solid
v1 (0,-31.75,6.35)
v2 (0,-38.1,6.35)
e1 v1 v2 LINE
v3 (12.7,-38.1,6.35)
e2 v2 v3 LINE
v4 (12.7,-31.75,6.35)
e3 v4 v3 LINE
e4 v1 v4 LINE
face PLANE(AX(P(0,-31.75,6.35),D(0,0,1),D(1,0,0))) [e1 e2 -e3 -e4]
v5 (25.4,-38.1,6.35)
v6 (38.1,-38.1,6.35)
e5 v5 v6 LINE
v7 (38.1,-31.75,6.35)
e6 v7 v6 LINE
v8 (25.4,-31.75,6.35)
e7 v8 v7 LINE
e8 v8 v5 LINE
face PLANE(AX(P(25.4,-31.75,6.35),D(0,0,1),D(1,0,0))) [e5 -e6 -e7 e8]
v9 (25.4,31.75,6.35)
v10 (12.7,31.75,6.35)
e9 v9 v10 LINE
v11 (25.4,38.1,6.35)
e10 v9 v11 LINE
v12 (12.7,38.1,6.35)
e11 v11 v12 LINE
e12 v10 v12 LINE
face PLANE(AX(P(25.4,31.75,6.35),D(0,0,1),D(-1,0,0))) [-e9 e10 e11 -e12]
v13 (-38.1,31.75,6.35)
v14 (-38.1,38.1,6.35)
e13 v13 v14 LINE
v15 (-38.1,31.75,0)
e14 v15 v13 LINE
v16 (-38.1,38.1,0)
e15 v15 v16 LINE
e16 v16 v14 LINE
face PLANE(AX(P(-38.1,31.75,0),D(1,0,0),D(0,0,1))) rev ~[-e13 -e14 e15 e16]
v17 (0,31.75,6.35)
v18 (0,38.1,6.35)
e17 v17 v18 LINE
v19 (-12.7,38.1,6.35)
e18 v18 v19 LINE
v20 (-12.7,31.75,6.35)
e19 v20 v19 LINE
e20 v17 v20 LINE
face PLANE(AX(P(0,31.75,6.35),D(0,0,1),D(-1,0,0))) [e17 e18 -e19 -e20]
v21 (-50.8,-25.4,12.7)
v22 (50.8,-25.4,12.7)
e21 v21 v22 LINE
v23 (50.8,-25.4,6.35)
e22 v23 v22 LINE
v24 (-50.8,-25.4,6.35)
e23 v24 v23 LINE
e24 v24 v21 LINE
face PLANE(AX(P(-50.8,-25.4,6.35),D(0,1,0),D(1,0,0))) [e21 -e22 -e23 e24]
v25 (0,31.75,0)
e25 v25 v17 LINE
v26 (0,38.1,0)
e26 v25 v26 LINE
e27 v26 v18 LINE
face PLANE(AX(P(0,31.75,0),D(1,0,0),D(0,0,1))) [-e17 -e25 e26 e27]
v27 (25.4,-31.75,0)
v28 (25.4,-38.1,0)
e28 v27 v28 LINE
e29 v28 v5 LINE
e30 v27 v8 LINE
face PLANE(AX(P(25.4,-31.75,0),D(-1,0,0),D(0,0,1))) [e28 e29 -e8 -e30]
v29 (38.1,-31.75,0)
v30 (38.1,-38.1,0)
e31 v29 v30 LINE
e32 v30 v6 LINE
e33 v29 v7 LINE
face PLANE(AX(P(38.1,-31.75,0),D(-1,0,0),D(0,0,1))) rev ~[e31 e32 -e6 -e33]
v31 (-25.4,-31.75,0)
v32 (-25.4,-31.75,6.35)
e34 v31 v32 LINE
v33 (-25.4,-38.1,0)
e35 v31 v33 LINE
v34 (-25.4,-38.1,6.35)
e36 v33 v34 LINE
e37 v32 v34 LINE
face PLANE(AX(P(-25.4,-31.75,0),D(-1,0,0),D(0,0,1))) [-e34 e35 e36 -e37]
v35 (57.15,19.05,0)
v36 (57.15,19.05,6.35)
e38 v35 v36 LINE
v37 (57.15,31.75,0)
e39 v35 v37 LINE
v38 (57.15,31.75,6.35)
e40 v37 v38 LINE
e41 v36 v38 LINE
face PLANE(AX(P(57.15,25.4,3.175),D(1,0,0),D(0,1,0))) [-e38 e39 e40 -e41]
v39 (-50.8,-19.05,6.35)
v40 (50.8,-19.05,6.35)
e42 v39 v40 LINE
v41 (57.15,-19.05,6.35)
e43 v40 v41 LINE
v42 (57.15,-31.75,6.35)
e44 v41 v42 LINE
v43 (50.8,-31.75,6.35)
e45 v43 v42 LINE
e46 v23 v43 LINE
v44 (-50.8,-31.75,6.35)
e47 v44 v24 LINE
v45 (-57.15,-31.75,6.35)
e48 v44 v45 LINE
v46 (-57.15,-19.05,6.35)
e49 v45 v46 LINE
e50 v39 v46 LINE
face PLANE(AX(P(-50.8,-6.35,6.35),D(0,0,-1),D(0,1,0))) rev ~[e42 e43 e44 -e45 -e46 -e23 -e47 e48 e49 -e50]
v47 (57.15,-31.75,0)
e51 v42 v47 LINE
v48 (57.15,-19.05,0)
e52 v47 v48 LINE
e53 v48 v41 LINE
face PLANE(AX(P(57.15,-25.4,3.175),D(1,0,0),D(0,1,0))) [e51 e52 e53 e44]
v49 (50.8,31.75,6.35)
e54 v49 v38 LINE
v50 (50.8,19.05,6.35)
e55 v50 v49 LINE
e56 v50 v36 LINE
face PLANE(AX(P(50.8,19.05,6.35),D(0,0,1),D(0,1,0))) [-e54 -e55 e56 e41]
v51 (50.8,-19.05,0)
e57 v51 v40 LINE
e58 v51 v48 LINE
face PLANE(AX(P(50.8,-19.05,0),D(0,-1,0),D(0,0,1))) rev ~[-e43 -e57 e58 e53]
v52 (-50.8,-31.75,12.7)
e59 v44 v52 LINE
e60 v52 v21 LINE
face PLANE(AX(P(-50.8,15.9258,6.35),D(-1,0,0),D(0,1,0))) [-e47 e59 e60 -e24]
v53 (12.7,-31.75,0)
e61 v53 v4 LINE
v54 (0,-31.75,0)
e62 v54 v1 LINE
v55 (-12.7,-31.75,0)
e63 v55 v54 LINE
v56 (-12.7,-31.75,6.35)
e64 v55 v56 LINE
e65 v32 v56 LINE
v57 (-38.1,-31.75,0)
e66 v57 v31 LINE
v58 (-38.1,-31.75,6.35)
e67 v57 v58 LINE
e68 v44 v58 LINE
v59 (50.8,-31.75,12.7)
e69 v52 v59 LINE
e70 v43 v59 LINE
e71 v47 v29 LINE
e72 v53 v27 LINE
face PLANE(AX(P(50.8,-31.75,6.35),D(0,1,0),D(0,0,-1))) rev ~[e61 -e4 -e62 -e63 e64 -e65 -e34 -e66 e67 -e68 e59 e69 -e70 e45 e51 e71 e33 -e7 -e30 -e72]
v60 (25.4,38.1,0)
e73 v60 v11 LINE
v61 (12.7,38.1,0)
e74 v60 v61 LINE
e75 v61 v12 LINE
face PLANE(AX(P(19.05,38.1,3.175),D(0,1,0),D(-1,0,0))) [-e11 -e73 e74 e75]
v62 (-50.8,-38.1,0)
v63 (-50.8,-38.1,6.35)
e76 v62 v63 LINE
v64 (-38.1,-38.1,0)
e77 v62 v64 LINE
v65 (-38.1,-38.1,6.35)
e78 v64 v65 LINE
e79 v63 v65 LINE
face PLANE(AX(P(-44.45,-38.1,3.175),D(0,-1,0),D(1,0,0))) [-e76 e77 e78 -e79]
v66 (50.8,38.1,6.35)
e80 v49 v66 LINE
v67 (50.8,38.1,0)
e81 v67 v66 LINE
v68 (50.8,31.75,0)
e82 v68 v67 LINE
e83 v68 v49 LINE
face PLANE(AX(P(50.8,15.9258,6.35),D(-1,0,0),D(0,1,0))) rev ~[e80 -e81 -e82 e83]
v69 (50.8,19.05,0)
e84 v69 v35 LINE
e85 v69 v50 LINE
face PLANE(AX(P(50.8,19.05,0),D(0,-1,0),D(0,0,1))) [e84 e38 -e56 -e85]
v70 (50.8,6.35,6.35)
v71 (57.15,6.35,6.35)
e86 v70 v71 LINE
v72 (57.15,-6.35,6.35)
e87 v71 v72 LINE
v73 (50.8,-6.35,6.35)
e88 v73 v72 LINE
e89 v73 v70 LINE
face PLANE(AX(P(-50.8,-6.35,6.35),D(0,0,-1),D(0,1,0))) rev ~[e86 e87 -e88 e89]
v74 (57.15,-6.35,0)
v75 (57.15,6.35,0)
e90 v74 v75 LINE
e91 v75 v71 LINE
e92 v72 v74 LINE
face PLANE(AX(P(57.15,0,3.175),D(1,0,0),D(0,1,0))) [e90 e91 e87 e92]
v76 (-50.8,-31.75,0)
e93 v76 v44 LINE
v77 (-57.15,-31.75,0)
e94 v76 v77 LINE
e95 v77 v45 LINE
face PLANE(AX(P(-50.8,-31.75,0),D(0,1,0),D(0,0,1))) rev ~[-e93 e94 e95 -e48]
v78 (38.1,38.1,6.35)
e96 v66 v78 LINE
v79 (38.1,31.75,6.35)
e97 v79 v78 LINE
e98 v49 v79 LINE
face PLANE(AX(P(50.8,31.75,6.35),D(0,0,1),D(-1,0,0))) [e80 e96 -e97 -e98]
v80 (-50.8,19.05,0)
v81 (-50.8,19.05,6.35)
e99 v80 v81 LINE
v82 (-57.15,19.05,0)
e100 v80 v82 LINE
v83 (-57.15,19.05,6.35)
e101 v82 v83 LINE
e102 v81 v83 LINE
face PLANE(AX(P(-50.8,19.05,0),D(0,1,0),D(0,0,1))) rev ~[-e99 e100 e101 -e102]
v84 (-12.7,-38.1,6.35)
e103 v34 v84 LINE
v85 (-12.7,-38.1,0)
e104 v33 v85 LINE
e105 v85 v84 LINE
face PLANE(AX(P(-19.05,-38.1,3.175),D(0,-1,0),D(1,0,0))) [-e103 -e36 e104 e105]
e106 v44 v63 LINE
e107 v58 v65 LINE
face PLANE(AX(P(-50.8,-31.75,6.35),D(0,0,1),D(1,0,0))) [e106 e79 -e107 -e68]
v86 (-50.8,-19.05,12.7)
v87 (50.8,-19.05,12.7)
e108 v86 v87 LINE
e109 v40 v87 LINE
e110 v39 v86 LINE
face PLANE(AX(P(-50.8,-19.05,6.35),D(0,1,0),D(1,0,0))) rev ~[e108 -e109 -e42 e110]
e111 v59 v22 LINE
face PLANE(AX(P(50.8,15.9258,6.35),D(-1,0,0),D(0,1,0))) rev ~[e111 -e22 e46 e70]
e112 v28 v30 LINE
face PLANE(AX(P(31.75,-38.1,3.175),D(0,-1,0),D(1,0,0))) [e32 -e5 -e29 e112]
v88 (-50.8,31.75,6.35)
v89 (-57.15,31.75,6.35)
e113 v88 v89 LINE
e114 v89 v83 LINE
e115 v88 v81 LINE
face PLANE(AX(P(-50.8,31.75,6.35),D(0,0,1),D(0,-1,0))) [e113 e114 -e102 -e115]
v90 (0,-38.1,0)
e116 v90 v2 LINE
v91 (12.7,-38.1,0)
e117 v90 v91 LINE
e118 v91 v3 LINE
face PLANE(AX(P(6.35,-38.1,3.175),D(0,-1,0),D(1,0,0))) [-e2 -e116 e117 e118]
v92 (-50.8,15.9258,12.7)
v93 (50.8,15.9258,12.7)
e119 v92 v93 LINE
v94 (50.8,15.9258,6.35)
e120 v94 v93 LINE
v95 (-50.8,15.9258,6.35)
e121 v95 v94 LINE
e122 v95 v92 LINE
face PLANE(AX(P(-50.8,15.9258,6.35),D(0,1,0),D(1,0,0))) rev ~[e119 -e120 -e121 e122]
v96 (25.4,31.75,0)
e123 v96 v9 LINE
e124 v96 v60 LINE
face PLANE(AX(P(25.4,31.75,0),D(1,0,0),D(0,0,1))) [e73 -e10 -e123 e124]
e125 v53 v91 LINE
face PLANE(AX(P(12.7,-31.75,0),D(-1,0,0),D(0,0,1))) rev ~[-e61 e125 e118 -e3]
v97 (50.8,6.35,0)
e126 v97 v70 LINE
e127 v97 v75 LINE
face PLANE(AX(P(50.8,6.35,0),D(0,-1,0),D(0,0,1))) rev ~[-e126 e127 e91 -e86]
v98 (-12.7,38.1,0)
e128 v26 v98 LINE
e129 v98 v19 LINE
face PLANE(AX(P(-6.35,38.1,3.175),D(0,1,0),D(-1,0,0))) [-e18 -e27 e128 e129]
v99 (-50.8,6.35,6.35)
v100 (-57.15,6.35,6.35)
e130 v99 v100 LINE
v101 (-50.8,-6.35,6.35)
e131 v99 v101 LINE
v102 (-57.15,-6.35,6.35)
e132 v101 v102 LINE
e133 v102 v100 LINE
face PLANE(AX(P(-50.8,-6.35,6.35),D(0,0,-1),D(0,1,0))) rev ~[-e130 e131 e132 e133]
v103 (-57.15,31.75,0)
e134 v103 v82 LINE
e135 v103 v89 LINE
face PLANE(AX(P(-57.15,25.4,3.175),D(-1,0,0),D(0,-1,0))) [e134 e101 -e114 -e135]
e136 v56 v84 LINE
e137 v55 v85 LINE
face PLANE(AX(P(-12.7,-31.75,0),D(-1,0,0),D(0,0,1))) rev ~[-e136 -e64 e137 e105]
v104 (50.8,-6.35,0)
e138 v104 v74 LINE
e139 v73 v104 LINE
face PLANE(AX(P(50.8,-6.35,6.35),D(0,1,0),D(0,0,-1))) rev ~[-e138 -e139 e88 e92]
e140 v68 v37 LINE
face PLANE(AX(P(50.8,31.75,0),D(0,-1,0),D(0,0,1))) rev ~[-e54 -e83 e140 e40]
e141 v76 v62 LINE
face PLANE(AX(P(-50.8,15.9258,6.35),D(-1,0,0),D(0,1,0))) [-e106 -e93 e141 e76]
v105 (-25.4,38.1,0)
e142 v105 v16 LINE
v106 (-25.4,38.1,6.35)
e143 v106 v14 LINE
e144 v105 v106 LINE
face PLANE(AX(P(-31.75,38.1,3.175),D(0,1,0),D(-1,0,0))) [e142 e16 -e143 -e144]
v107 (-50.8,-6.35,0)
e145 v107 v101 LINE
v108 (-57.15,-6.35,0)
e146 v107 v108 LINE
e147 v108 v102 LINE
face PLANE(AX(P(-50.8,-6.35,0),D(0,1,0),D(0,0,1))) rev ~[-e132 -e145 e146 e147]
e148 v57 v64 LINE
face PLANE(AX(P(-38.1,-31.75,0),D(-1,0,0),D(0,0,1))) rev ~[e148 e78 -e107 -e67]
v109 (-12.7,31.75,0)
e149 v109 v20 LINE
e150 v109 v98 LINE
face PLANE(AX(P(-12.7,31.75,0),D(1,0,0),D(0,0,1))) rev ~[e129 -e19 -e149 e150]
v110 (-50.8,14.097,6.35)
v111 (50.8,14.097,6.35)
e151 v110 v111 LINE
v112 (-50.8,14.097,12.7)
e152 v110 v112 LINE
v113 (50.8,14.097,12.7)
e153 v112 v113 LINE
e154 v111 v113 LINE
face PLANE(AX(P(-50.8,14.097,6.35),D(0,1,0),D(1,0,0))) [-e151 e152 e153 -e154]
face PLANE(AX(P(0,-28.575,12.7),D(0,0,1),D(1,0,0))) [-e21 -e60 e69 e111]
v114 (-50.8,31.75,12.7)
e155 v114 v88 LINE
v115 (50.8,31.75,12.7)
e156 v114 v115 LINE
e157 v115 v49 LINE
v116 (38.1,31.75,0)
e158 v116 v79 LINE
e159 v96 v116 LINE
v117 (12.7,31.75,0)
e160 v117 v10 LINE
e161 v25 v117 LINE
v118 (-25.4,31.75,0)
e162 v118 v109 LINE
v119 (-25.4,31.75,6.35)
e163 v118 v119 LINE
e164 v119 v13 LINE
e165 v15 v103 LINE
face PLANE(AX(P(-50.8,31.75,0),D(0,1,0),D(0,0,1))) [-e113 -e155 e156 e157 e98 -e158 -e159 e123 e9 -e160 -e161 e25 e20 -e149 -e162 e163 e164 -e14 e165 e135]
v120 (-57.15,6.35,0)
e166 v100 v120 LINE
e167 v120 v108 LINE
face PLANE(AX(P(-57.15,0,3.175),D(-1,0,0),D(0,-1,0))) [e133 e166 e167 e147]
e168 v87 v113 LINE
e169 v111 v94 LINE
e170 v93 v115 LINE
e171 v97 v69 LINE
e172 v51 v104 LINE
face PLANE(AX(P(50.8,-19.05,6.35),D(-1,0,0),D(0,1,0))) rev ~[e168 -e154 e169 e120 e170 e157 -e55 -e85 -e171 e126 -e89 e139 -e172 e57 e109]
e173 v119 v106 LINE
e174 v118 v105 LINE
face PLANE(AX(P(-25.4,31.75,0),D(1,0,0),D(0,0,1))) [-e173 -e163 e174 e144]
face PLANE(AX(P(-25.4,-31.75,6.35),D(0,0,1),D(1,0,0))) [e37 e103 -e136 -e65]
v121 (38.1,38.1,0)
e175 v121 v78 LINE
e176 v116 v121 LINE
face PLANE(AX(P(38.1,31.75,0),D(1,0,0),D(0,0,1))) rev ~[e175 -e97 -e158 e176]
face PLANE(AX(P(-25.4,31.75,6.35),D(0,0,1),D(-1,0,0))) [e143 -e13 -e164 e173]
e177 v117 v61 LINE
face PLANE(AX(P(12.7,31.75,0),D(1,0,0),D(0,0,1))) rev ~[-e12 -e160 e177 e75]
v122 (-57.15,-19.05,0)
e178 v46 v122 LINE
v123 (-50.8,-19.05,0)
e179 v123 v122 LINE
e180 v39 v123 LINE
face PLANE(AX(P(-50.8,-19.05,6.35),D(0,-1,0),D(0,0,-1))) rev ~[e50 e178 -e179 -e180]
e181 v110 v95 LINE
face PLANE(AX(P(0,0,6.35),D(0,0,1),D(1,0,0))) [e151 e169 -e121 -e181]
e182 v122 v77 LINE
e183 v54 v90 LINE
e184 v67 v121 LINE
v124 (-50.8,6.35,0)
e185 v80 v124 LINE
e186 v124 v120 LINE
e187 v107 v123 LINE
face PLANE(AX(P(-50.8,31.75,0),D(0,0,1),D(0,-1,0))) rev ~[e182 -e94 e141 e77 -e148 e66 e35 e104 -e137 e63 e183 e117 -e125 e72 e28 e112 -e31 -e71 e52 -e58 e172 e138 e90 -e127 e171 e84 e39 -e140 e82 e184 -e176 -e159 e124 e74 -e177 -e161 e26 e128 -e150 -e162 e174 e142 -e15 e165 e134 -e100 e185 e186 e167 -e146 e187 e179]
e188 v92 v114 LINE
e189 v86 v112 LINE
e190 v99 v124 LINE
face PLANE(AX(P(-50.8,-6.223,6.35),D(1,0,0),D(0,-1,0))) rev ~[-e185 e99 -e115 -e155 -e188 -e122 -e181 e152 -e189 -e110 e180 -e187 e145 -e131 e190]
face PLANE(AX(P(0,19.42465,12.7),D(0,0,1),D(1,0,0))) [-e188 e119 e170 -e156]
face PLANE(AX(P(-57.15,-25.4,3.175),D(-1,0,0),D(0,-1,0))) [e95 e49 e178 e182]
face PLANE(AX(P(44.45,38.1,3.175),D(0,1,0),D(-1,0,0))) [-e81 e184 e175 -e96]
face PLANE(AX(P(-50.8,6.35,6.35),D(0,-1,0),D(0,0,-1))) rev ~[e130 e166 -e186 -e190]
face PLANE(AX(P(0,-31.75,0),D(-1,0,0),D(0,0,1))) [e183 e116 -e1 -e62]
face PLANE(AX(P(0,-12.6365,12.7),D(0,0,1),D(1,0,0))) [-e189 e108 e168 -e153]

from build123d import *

# Parameters (mm, degrees)
F0_W      = 101.6
F0_H      = 63.5
F1_DEPTH  = 6.35
F2_W      = 101.6
F2_H      = 6.35
F3_DEPTH  = 6.35
F4_W      = 101.6
F4_H      = 20.32
F5_DEPTH  = 6.35
F6_W      = 101.6
F6_H      = 8.8265
F7_DEPTH  = 6.35
F8_W      = 12.7
F8_H      = 6.35
F9_DEPTH  = 6.35
F10_W     = 12.7
F10_H     = 6.35
F11_DEPTH = 6.35
F12_W     = 101.6
F12_H     = 6.9977
F13_DEPTH = 6.35
F14_W     = 12.7
F14_H     = 6.35
F15_DEPTH = 6.35
F16_W     = 12.7
F16_H     = 6.35
F17_DEPTH = 6.35
F19_DEPTH = 6.35


with BuildPart() as f1:
    # F0 (on Top) → F1 (new body)
    with BuildSketch(Plane.XY):
        Rectangle(F0_W, F0_H)
    extrude(amount=F1_DEPTH)

    # F2 (on face) → F3 (join)
    with BuildSketch(Plane.XY.offset(6.35)):
        with Locations((0, -28.575)):
            Rectangle(F2_W, F2_H)
    extrude(amount=F3_DEPTH)

    # F4 (on face) → F5 (join)
    with BuildSketch(Plane.XY.offset(6.35)):
        with Locations((0, 3.937)):
            Rectangle(F4_W, F4_H)
    extrude(amount=F5_DEPTH)

    # F6 (on face) → F7 (join)
    with BuildSketch(Plane.XY.offset(6.35)):
        with Locations((0, 27.33675)):
            Rectangle(F6_W, F6_H)
    extrude(amount=F7_DEPTH)

    # F8 (on face) → F9 (join)
    with BuildSketch(Plane.XZ.offset(31.75)):
        with Locations((-44.45, 3.175)):
            Rectangle(F8_W, F8_H)
        with Locations((-19.05, 3.175)):
            Rectangle(F8_W, F8_H)
        with Locations((6.35, 3.175)):
            Rectangle(F8_W, F8_H)
        with Locations((31.75, 3.175)):
            Rectangle(F8_W, F8_H)
    extrude(amount=F9_DEPTH)

    # F10 (on face) → F11 (join)
    with BuildSketch(Plane(origin=(0, 31.75, 0), x_dir=(-1, 0, 0), z_dir=(0, 1, 0))):
        with Locations((-44.45, 3.175)):
            Rectangle(F10_W, F10_H)
        with Locations((-19.05, 3.175)):
            Rectangle(F10_W, F10_H)
        with Locations((6.35, 3.175)):
            Rectangle(F10_W, F10_H)
        with Locations((31.75, 3.175)):
            Rectangle(F10_W, F10_H)
    extrude(amount=F11_DEPTH)

    # F12 (on face) → F13 (join)
    with BuildSketch(Plane.XY.offset(6.35)):
        with Locations((0, 19.42465)):
            Rectangle(F12_W, F12_H)
    extrude(amount=F13_DEPTH)

    # F14 (on face) → F15 (join)
    with BuildSketch(Plane.YZ.offset(50.8)):
        Polygon((-19.05, 0), (-19.05, 6.35), (-25.4, 6.35), (-31.75, 6.35), (-31.75, 0), align=None)
        Polygon((6.35, 6.35), (0, 6.35), (-6.223, 6.35), (-6.35, 6.35), (-6.35, 0), (6.35, 0), align=None)
        with Locations((25.4, 3.175)):
            Rectangle(F14_W, F14_H)
    extrude(amount=F15_DEPTH)

    # F16 (on face) → F17 (join)
    with BuildSketch(Plane(origin=(-50.8, 0, 0), x_dir=(0, -1, 0), z_dir=(-1, 0, 0))):
        with Locations((-25.4, 3.175)):
            Rectangle(F16_W, F16_H)
        Polygon((6.223, 6.35), (0, 6.35), (-6.35, 6.35), (-6.35, 0), (6.35, 0), (6.35, 6.35), align=None)
        Polygon((25.4, 6.35), (19.05, 6.35), (19.05, 0), (31.75, 0), (31.75, 6.35), align=None)
    extrude(amount=F17_DEPTH)

    # F18 (on face) → F19 (join)
    with BuildSketch(Plane.XY.offset(6.35)):
        Polygon((50.8, -6.223), (-50.8, -6.223), (-50.8, -6.35), (-50.8, -19.05), (50.8, -19.05), (50.8, -6.35), align=None)
    extrude(amount=F19_DEPTH)


solid = f1.part
